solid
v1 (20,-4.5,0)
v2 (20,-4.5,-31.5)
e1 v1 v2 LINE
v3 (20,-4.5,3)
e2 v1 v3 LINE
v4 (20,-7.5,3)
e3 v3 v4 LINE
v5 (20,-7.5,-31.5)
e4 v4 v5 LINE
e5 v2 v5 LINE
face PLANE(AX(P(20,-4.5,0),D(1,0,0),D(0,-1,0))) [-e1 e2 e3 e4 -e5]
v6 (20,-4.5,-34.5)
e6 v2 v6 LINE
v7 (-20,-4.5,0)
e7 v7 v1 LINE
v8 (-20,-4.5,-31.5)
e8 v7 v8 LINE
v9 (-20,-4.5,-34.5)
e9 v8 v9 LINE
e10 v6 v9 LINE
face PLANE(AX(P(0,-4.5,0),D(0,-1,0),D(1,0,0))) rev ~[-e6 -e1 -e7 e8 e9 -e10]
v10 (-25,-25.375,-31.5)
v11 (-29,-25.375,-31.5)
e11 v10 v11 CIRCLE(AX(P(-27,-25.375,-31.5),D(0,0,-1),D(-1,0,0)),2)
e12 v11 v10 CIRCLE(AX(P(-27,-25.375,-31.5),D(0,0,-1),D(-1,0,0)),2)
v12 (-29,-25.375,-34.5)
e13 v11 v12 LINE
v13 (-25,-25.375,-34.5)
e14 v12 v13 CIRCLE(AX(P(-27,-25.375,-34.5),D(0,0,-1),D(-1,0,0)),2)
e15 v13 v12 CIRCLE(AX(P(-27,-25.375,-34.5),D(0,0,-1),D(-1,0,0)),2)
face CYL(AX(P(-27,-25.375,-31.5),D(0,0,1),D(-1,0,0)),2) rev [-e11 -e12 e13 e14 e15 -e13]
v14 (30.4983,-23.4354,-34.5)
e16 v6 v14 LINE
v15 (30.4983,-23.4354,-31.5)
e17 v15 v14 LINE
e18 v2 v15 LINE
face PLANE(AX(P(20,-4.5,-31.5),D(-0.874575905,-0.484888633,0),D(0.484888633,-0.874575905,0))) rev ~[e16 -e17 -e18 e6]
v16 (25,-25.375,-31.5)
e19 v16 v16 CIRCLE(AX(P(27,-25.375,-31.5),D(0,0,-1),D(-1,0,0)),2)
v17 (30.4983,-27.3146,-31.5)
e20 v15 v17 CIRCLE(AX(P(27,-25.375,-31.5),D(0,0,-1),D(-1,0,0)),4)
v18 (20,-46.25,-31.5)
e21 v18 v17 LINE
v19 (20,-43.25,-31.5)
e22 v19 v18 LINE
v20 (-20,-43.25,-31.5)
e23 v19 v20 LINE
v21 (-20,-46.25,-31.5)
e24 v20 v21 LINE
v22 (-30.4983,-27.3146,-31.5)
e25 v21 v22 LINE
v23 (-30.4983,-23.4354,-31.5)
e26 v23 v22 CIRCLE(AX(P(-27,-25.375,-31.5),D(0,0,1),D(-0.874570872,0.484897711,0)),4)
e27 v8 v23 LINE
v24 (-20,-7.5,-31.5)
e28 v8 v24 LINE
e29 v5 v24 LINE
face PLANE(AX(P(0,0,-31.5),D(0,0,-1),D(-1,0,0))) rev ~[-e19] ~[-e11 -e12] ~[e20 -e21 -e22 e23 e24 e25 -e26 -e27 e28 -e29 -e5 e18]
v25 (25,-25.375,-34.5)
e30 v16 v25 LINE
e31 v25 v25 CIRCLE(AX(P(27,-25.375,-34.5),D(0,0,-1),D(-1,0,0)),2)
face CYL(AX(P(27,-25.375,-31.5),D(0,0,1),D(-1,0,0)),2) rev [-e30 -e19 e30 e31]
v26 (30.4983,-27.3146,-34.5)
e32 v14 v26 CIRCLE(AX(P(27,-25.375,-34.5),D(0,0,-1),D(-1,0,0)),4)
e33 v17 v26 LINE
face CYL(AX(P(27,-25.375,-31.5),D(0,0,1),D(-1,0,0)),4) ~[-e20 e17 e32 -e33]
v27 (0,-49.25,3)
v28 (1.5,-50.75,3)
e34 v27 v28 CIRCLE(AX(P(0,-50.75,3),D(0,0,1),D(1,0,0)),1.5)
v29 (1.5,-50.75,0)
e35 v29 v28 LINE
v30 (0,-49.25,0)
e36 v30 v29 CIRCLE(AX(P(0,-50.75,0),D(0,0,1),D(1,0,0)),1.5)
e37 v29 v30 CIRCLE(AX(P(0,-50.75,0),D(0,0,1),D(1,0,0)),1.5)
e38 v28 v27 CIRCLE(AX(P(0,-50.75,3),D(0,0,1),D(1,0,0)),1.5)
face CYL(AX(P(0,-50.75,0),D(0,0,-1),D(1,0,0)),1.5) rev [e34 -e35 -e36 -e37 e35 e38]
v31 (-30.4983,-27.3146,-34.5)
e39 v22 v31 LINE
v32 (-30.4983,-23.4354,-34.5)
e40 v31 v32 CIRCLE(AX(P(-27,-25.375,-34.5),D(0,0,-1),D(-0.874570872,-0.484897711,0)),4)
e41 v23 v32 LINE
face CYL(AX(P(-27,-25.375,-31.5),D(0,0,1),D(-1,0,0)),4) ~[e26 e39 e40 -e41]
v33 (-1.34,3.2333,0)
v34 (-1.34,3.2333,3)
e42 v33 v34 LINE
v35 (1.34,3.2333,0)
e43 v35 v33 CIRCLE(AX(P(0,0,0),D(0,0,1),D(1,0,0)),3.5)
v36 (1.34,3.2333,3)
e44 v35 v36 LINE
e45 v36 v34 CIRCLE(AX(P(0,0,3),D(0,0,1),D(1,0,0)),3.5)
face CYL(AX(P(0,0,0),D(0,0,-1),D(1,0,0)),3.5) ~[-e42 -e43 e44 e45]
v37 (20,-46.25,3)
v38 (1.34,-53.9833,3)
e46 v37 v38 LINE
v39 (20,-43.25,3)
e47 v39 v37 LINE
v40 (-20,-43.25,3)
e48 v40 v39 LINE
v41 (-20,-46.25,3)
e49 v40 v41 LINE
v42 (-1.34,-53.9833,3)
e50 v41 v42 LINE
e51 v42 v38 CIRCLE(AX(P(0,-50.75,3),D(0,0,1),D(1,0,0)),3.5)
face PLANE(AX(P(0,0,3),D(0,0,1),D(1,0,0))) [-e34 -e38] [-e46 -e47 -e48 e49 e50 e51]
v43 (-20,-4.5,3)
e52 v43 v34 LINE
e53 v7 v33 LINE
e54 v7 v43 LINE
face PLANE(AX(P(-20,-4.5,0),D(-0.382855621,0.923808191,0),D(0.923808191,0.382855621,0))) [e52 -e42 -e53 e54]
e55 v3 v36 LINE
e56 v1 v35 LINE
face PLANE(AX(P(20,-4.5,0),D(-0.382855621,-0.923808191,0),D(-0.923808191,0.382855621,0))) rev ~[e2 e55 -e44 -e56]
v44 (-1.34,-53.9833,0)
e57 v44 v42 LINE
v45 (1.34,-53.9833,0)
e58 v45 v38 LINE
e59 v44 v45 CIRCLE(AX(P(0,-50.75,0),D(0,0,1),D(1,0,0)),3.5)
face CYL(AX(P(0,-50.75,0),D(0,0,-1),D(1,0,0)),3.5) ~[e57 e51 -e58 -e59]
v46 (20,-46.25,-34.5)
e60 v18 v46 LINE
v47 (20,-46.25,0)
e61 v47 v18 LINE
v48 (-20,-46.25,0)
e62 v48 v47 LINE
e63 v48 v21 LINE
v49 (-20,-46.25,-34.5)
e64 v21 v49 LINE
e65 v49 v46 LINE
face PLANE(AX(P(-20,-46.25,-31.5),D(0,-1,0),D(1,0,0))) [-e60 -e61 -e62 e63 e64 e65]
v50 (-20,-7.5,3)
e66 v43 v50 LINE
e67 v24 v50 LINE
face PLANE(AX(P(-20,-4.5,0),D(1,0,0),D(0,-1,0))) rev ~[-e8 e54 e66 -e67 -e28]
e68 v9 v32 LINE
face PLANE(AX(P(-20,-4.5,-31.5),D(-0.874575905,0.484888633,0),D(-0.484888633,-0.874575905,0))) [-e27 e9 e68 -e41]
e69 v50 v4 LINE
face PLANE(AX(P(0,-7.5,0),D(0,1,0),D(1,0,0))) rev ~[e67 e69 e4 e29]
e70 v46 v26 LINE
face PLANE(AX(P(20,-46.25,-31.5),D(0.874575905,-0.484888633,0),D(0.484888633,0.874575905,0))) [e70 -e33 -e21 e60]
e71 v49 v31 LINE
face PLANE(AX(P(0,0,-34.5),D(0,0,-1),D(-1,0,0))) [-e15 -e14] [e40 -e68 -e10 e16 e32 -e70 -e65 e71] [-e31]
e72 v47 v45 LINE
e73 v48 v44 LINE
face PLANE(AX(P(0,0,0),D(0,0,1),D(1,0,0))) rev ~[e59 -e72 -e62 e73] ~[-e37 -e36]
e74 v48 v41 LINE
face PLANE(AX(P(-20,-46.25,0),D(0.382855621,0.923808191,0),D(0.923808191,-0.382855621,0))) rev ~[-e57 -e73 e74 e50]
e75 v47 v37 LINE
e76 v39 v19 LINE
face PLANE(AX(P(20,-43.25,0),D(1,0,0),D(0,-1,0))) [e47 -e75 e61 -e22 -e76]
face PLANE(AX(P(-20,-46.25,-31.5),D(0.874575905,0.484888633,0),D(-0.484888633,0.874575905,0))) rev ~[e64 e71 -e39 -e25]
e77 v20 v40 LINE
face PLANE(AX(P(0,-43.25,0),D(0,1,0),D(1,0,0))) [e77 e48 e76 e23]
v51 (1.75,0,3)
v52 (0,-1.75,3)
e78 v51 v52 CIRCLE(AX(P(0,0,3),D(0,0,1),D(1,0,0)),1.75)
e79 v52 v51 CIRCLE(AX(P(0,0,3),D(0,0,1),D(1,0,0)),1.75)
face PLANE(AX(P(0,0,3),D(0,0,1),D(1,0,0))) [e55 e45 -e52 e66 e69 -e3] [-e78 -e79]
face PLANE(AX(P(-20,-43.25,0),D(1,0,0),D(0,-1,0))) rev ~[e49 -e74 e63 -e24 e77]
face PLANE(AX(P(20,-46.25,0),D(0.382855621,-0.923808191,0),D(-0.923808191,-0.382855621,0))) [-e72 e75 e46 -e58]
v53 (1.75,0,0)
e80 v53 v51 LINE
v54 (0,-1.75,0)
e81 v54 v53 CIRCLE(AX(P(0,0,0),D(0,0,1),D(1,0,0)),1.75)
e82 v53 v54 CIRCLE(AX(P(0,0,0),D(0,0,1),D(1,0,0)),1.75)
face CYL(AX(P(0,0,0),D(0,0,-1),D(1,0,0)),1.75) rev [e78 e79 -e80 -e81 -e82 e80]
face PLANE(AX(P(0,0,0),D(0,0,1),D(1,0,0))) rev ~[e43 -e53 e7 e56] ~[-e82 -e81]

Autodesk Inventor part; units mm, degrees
ref_plane "YZ Plane" through (0, 0, 0) normal (1, 0, 0) x (0, 1, 0)
ref_plane "XZ Plane" through (0, 0, 0) normal (0, 1, 0) x (-1, 0, 0)
ref_plane "XY Plane" through (0, 0, 0) normal (0, 0, 1) x (1, 0, 0)
sketch "Sketch1" plane through (0, 0, 0) normal (0, 0, 1) x (1, 0, 0)
  circle A0 centre (0, 0) radius 1.75
  line L0 (0, 0) -> (0, -50.75)
  circle A1 centre (0, -50.75) radius 1.5
  line L1 (0, 0) -> (0, -7.5)
  line L2 (0, -7.5) -> (0, -4.5)
  line L3 (-20, -7.5) -> (20, -7.5)
  line L4 (-20, -4.5) -> (20, -4.5)
  circle A2 centre (0, 0) radius 3.5
  line L5 (-20, -4.5) -> (-1.34, 3.2333)
  line L6 (20, -4.5) -> (1.34, 3.2333)
  line L7 (-20, -4.5) -> (-20, -7.5)
  line L8 (20, -4.5) -> (20, -7.5)
  line L9 (0, -50.75) -> (0, -43.25)
  line L10 (0, -43.25) -> (0, -46.25)
  line L11 (-20, -43.25) -> (20, -43.25)
  line L12 (-20, -46.25) -> (20, -46.25)
  circle A3 centre (0, -50.75) radius 3.5
  line L13 (-20, -43.25) -> (-20, -46.25)
  line L14 (-20, -46.25) -> (-1.34, -53.9833)
  line L15 (20, -43.25) -> (20, -46.25)
  line L16 (20, -46.25) -> (1.34, -53.9833)
  dimension "d0" = 3.5
  dimension "d1" = 50.75
  dimension "d2" = 3
  dimension "d3" = 7.5
  dimension "d4" = 3
  dimension "d5" = 40
  dimension "d6" = 40
  dimension "d7" = 7
  dimension "d8" = 7.5
  dimension "d9" = 3
  dimension "d10" = 40
  dimension "d11" = 40
  dimension "d12" = 7
extrude "Extrusion1" add sketch "Sketch1" along normal blind 3
extrude "Extrusion2" add sketch "Sketch1" against normal blind 31.5 contours L4 L8 L3 L0 | L0 L3 L7 L4 | L11 L15 L12 L0 | L0 L12 L13 L11
sketch "Sketch2" plane through (0, 0, -31.5) normal (0, 0, -1) x (-1, 0, 0)
  line L0 (-20, -7.5) -> (-20, -4.5) projected
  line L1 (-20, -4.5) -> (20, -4.5)
  line L2 (20, -4.5) -> (20, -46.25)
  line L3 (20, -46.25) -> (-20, -46.25)
  line L4 (-20, -46.25) -> (-20, -4.5)
  line L5 (20, -7.5) -> (-20, -7.5) projected
  line L6 (0, -7.5) -> (0, -25.375)
  line L7 (-20, -43.25) -> (20, -43.25) projected
  line L8 (-27, -25.375) -> (27, -25.375)
  circle A0 centre (-27, -25.375) radius 4
  circle A1 centre (-27, -25.375) radius 2
  circle A2 centre (27, -25.375) radius 4
  circle A3 centre (27, -25.375) radius 2
  line L9 (-20, -4.5) -> (-30.4983, -23.4354)
  line L10 (-1.34, -53.9833) -> (-20, -46.25) projected
  line L11 (-20, -46.25) -> (-30.4983, -27.3146)
  line L12 (20, -46.25) -> (30.4983, -27.3146)
  line L13 (20, -4.5) -> (30.4983, -23.4354)
  point P0 (0, 0)
  dimension "d17" = 17.875
  dimension "d18" = 54
  dimension "d19" = 8
  dimension "d20" = 4
  dimension "d21" = 8
  dimension "d22" = 4
extrude "Extrusion3" add sketch "Sketch2" along normal blind 3
properties part number "Mount"
